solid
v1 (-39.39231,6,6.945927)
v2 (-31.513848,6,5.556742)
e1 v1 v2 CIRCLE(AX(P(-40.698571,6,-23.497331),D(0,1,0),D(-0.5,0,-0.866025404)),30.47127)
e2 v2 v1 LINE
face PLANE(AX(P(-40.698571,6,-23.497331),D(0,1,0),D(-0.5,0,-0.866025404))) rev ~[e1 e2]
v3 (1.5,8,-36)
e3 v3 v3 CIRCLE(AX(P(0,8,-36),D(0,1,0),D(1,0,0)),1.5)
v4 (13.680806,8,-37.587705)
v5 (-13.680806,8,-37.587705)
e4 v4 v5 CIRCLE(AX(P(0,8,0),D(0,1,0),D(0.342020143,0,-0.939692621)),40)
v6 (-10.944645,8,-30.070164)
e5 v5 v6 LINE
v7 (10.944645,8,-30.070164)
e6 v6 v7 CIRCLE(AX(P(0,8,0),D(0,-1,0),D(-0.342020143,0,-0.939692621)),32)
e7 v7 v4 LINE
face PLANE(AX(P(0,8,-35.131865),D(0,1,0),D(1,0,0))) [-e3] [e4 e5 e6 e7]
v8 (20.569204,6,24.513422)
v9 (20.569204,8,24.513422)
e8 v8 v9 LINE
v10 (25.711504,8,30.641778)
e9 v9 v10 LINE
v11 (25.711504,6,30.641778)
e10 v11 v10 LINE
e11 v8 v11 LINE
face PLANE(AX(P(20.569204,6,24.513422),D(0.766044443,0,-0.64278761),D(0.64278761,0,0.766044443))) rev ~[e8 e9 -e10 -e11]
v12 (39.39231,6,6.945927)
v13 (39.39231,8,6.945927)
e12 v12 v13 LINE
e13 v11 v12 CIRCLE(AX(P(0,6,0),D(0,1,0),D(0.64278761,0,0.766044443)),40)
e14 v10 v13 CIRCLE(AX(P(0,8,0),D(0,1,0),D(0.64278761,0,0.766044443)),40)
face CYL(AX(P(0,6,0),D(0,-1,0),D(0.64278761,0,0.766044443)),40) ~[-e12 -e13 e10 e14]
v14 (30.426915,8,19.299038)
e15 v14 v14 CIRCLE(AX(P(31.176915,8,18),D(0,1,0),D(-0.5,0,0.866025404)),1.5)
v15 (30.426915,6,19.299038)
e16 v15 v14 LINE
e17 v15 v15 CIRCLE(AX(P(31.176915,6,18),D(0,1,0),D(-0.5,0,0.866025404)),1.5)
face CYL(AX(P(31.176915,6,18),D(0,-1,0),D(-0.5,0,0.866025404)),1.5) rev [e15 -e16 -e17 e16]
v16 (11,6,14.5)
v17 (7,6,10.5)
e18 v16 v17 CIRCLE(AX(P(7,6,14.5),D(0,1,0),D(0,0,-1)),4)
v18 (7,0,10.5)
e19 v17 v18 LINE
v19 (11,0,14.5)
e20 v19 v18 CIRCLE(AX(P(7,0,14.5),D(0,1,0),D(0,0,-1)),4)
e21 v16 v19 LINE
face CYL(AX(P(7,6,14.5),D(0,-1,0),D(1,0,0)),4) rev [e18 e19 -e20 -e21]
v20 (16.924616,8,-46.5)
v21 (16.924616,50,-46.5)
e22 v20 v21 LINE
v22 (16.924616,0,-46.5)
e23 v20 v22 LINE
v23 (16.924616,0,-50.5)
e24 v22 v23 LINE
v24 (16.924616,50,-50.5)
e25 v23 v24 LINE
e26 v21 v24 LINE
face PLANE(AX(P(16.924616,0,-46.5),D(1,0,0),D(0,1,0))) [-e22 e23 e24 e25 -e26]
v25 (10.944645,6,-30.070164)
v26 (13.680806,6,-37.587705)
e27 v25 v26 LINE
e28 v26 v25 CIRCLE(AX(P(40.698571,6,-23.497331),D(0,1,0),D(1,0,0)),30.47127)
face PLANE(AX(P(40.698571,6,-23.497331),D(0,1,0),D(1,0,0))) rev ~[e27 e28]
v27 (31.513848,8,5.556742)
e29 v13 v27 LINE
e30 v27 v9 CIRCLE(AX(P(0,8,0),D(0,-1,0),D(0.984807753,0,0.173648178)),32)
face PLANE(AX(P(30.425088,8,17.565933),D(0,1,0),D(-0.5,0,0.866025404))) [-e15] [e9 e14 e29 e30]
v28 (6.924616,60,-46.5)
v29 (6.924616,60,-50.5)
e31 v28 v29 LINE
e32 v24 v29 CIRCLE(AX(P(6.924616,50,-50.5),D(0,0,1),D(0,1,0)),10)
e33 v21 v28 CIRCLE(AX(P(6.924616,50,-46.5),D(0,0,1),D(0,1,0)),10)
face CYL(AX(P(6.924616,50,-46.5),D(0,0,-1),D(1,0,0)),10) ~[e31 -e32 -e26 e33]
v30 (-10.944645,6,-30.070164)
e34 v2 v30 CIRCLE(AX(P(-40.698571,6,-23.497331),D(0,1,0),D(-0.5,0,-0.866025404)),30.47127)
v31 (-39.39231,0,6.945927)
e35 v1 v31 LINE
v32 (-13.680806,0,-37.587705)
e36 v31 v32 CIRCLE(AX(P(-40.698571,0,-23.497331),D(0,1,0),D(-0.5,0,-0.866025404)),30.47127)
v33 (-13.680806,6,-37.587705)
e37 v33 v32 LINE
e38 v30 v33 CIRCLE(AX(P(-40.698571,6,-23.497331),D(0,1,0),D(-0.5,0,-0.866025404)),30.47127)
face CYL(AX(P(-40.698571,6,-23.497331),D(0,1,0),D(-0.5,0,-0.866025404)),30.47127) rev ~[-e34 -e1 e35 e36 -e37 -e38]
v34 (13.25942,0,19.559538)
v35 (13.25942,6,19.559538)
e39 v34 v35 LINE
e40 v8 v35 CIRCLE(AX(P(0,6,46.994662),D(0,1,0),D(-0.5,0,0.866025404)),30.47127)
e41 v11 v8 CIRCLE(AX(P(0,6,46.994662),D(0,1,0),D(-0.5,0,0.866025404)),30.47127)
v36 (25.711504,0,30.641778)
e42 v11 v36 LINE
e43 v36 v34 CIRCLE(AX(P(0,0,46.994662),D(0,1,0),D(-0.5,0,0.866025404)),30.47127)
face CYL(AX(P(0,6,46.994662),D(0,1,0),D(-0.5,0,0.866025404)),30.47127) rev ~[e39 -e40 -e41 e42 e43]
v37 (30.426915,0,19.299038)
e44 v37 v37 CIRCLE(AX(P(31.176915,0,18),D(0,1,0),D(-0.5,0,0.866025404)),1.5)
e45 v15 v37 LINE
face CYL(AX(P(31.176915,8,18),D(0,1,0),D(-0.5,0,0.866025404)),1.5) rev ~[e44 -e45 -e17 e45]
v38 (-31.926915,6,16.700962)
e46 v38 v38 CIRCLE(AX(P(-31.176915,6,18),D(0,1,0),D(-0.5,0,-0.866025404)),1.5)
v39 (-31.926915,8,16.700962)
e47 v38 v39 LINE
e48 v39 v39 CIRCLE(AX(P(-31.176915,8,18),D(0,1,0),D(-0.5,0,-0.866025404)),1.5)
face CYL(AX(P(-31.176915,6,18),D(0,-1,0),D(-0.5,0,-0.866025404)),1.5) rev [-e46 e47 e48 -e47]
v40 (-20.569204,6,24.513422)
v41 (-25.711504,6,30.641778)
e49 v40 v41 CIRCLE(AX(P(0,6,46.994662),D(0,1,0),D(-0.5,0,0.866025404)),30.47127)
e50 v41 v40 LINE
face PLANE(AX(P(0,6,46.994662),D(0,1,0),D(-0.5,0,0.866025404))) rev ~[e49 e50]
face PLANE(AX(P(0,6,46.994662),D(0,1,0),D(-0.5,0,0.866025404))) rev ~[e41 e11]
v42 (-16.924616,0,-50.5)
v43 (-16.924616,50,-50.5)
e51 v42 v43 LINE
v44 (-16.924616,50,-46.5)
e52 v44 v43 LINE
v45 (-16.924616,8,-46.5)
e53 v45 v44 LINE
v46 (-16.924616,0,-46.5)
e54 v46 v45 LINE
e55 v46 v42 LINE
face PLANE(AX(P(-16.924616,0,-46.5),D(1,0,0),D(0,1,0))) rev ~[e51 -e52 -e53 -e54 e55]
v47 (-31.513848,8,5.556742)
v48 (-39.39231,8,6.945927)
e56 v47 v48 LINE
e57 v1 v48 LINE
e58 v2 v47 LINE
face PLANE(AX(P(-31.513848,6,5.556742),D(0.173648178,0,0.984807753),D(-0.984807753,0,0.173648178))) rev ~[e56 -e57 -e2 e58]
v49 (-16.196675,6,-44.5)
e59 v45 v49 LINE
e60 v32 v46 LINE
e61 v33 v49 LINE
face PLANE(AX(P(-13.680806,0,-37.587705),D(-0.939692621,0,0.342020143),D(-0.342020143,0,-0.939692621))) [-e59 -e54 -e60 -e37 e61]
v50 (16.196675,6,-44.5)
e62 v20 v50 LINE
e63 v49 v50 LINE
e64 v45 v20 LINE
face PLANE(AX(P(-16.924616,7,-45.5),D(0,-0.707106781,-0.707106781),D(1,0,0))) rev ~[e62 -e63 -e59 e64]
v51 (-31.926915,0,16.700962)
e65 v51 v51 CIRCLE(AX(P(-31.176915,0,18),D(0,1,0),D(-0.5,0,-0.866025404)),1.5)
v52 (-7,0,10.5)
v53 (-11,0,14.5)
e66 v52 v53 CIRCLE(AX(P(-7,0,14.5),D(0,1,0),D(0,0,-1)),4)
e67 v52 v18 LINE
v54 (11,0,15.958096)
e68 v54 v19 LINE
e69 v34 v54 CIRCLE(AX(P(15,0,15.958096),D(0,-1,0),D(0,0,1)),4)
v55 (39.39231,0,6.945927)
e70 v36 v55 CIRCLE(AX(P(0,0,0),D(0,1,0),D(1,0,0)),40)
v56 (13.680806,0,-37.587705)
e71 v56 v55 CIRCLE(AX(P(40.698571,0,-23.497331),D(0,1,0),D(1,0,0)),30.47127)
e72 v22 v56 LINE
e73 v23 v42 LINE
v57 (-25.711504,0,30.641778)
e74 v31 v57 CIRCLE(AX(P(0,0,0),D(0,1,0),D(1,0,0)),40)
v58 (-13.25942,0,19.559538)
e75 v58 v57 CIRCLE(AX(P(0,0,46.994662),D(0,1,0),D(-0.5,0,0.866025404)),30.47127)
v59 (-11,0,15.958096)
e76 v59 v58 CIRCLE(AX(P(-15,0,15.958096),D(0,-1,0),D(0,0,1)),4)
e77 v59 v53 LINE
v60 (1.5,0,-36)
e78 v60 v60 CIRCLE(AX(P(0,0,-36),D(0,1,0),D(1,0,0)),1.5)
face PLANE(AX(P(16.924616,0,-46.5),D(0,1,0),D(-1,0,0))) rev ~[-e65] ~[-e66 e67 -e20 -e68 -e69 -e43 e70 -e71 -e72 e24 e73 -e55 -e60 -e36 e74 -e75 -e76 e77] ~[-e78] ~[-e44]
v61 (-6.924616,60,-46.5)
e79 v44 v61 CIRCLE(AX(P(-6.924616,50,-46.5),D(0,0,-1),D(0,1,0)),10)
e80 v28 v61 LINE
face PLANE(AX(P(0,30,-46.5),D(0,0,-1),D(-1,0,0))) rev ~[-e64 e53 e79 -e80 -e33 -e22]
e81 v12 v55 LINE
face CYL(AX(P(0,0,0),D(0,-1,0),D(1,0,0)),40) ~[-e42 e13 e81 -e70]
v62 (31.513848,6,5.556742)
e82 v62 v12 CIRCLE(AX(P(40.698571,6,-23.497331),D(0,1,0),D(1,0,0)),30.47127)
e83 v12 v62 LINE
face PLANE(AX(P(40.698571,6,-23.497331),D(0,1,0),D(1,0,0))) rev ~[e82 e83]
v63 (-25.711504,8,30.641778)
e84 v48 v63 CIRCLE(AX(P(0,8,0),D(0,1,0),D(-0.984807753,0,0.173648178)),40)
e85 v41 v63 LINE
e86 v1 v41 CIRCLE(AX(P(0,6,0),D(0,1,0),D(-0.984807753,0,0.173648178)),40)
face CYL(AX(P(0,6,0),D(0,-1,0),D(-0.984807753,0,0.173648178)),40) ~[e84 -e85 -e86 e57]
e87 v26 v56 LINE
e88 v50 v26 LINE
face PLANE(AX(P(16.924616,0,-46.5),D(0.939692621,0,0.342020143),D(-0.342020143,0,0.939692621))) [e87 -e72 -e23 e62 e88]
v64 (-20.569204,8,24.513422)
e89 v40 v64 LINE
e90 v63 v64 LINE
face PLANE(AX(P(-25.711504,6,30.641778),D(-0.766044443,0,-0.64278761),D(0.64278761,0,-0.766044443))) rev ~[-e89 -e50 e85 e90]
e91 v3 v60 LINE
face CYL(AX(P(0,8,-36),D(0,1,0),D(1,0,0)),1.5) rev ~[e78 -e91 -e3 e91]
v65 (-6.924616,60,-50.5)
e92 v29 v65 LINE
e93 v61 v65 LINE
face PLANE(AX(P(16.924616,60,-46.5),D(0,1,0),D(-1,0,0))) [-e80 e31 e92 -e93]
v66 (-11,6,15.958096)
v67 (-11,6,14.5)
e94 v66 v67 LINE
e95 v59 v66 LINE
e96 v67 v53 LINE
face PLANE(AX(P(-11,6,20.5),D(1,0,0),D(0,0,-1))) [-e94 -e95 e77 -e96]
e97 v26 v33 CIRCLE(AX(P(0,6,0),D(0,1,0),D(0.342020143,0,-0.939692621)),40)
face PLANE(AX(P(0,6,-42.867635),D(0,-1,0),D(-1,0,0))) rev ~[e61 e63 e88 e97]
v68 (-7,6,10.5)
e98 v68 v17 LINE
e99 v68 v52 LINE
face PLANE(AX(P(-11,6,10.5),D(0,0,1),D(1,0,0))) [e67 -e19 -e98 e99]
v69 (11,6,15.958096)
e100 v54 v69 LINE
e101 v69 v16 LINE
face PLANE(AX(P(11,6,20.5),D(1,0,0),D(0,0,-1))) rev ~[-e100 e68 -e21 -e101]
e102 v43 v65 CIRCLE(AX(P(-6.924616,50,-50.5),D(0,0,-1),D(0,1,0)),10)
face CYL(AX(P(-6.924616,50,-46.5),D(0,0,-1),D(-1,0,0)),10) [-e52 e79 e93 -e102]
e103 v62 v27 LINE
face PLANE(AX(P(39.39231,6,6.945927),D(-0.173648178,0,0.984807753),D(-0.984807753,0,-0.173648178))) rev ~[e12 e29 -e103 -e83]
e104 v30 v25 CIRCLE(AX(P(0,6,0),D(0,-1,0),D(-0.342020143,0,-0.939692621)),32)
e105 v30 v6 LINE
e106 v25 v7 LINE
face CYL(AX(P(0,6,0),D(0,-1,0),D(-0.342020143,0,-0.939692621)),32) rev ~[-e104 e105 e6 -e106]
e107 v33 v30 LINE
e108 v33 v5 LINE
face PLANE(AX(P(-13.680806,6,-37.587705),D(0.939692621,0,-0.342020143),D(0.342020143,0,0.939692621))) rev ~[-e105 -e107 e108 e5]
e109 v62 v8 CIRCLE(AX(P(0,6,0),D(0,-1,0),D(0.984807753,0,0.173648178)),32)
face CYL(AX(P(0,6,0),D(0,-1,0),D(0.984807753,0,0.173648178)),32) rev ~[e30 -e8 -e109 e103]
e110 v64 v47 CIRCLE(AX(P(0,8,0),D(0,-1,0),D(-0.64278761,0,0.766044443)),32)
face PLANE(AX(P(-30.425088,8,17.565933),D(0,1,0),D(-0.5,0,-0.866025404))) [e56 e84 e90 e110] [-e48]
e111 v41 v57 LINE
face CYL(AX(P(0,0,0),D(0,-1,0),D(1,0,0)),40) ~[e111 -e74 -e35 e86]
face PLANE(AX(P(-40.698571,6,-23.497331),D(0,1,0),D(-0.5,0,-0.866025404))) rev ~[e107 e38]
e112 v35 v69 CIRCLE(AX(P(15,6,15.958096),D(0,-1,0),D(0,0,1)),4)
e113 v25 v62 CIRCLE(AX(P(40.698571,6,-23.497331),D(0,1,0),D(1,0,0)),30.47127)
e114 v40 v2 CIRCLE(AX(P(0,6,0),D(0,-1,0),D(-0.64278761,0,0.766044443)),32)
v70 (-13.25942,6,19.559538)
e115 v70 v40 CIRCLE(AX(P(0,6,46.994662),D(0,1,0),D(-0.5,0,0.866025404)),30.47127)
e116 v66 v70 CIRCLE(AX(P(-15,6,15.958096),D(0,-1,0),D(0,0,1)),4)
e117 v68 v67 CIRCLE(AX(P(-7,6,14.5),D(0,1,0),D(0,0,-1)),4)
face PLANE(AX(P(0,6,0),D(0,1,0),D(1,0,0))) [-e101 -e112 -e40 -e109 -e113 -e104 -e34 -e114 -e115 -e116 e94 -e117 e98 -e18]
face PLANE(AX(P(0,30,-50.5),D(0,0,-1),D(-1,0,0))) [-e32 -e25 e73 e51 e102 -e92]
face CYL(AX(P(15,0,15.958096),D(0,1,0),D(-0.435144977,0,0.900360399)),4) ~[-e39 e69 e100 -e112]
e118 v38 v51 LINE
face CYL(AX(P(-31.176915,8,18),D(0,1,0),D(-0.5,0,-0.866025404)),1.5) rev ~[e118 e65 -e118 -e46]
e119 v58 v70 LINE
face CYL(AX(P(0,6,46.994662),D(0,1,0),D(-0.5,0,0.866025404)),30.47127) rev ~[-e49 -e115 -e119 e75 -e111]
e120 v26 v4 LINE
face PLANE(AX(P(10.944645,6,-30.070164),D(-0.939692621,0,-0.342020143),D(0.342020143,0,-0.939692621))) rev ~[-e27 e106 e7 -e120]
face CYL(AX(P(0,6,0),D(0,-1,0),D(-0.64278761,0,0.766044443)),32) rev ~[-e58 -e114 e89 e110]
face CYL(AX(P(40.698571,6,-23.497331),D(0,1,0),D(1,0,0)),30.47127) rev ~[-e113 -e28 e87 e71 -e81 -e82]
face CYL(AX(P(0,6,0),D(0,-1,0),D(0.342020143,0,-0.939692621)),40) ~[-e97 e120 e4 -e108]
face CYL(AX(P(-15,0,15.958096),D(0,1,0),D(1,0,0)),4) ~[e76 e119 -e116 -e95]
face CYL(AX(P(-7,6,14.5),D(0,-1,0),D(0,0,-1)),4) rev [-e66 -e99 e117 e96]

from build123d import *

# Parameters (mm, degrees)
SKETCH1_R           = 40
BOSS_EXTRUDE1_DEPTH = 6
SKETCH2_R           = 1.5
BOSS_EXTRUDE2_DEPTH = 2
SKETCH16_R          = 1.5
CUT_EXTRUDE9_DEPTH  = 9
CIRPATTERN1_COUNT   = 3
SKETCH5_R           = 30.471270003
CUT_EXTRUDE3_DEPTH  = 7
CIRPATTERN2_COUNT   = 3
BOSS_EXTRUDE3_DEPTH = 6
SKETCH18_W          = 33.849231786
SKETCH18_H          = 60
BOSS_EXTRUDE4_DEPTH = 4
CHAMFER1_SIZE       = 2
SKETCH19_W          = 22
SKETCH19_H          = 10
CUT_EXTRUDE10_DEPTH = 25
FILLET1_R           = 4
FILLET2_R           = 10


with BuildPart() as part:
    # Sketch1 → Boss-Extrude1 (new body)
    with BuildSketch(Plane(origin=(0, 0, 0), x_dir=(1, 0, 0), z_dir=(0, 1, 0))):
        Circle(SKETCH1_R)
    extrude(amount=BOSS_EXTRUDE1_DEPTH)

    # Sketch2 → Boss-Extrude2 (add)
    with BuildSketch(Plane(origin=(0, 6, 0), x_dir=(1, 0, 0), z_dir=(0, 1, 0))):
        with BuildLine():
            Line((-13.680805733, 37.587704831), (-10.944644586, 30.070163865))
            ThreePointArc((-10.944644586, 30.070163865), (0, 32), (10.944644586, 30.070163865))
            Line((10.944644586, 30.070163865), (13.680805733, 37.587704831))
            ThreePointArc((13.680805733, 37.587704831), (0, 40), (-13.680805733, 37.587704831))
        make_face()
        with Locations((0, 36)):
            Circle(SKETCH2_R, mode=Mode.SUBTRACT)
    boss_extrude2 = extrude(amount=BOSS_EXTRUDE2_DEPTH)

    # Sketch16 → Cut-Extrude9 (cut, through all)
    with BuildSketch(Plane(origin=(0, 8, 0), x_dir=(1, 0, 0), z_dir=(0, 1, 0))):
        with Locations((0, 36)):
            Circle(SKETCH16_R)
    cut_extrude9 = extrude(amount=-CUT_EXTRUDE9_DEPTH, mode=Mode.SUBTRACT)

    # CirPattern1: Boss-Extrude2, Cut-Extrude9 ×3 about axis
    cirpattern1_axis = Axis((0, 0, 0), (0, 1, 0))
    for i in range(1, CIRPATTERN1_COUNT):
        add(boss_extrude2.rotate(cirpattern1_axis, i * 360 / CIRPATTERN1_COUNT))
        add(cut_extrude9.rotate(cirpattern1_axis, i * 360 / CIRPATTERN1_COUNT), mode=Mode.SUBTRACT)

    # Sketch5 → Cut-Extrude3 (cut, through all)
    with BuildSketch(Plane(origin=(0, 6, 0), x_dir=(1, 0, 0), z_dir=(0, 1, 0))):
        with Locations((40.698571494, 23.497331208)):
            Circle(SKETCH5_R)
    cut_extrude3 = extrude(amount=-CUT_EXTRUDE3_DEPTH, mode=Mode.SUBTRACT)

    # CirPattern2: Cut-Extrude3 ×3 about axis
    cirpattern2_axis = Axis((0, 0, 0), (0, 1, 0))
    for i in range(1, CIRPATTERN2_COUNT):
        add(cut_extrude3.rotate(cirpattern2_axis, i * 360 / CIRPATTERN2_COUNT), mode=Mode.SUBTRACT)

    # Sketch17 → Boss-Extrude3 (add)
    with BuildSketch(Plane(origin=(0, 0, 0), x_dir=(1, 0, 0), z_dir=(0, 1, 0))):
        with BuildLine():
            Line((-13.680805733, 37.587704831), (-16.924615893, 46.5))
            Line((-16.924615893, 46.5), (16.924615893, 46.5))
            Line((16.924615893, 46.5), (13.680805733, 37.587704831))
            ThreePointArc((13.680805733, 37.587704831), (0, 40), (-13.680805733, 37.587704831))
        make_face()
    extrude(amount=BOSS_EXTRUDE3_DEPTH)

    # Sketch18 → Boss-Extrude4 (add)
    with BuildSketch(Plane(origin=(0, 0, -46.5), x_dir=(-1, 0, 0), z_dir=(0, 0, -1))):
        with Locations((0, 30)):
            Rectangle(SKETCH18_W, SKETCH18_H)
    extrude(amount=BOSS_EXTRUDE4_DEPTH)

    # Chamfer1
    chamfer1_edges = [part.edges().sort_by_distance(p)[0] for p in [
        (0, 6, -46.5),
    ]]
    chamfer(chamfer1_edges, length=CHAMFER1_SIZE)

    # Sketch19 → Cut-Extrude10 (cut)
    with BuildSketch(Plane(origin=(0, 6, 0), x_dir=(1, 0, 0), z_dir=(0, 1, 0))):
        with Locations((0, -15.5)):
            Rectangle(SKETCH19_W, SKETCH19_H)
    extrude(amount=-CUT_EXTRUDE10_DEPTH, mode=Mode.SUBTRACT)

    # Fillet1
    fillet1_edges = [part.edges().sort_by_distance(p)[0] for p in [
        (-11, 3, 18.578147929),
        (11, 3, 18.578147929),
        (-11, 3, 10.5),
        (11, 3, 10.5),
    ]]
    fillet(fillet1_edges, radius=FILLET1_R)

    # Fillet2
    fillet2_edges = [part.edges().sort_by_distance(p)[0] for p in [
        (16.924615893, 60, -48.5),
        (-16.924615893, 60, -48.5),
    ]]
    fillet(fillet2_edges, radius=FILLET2_R)


solid = part.part
